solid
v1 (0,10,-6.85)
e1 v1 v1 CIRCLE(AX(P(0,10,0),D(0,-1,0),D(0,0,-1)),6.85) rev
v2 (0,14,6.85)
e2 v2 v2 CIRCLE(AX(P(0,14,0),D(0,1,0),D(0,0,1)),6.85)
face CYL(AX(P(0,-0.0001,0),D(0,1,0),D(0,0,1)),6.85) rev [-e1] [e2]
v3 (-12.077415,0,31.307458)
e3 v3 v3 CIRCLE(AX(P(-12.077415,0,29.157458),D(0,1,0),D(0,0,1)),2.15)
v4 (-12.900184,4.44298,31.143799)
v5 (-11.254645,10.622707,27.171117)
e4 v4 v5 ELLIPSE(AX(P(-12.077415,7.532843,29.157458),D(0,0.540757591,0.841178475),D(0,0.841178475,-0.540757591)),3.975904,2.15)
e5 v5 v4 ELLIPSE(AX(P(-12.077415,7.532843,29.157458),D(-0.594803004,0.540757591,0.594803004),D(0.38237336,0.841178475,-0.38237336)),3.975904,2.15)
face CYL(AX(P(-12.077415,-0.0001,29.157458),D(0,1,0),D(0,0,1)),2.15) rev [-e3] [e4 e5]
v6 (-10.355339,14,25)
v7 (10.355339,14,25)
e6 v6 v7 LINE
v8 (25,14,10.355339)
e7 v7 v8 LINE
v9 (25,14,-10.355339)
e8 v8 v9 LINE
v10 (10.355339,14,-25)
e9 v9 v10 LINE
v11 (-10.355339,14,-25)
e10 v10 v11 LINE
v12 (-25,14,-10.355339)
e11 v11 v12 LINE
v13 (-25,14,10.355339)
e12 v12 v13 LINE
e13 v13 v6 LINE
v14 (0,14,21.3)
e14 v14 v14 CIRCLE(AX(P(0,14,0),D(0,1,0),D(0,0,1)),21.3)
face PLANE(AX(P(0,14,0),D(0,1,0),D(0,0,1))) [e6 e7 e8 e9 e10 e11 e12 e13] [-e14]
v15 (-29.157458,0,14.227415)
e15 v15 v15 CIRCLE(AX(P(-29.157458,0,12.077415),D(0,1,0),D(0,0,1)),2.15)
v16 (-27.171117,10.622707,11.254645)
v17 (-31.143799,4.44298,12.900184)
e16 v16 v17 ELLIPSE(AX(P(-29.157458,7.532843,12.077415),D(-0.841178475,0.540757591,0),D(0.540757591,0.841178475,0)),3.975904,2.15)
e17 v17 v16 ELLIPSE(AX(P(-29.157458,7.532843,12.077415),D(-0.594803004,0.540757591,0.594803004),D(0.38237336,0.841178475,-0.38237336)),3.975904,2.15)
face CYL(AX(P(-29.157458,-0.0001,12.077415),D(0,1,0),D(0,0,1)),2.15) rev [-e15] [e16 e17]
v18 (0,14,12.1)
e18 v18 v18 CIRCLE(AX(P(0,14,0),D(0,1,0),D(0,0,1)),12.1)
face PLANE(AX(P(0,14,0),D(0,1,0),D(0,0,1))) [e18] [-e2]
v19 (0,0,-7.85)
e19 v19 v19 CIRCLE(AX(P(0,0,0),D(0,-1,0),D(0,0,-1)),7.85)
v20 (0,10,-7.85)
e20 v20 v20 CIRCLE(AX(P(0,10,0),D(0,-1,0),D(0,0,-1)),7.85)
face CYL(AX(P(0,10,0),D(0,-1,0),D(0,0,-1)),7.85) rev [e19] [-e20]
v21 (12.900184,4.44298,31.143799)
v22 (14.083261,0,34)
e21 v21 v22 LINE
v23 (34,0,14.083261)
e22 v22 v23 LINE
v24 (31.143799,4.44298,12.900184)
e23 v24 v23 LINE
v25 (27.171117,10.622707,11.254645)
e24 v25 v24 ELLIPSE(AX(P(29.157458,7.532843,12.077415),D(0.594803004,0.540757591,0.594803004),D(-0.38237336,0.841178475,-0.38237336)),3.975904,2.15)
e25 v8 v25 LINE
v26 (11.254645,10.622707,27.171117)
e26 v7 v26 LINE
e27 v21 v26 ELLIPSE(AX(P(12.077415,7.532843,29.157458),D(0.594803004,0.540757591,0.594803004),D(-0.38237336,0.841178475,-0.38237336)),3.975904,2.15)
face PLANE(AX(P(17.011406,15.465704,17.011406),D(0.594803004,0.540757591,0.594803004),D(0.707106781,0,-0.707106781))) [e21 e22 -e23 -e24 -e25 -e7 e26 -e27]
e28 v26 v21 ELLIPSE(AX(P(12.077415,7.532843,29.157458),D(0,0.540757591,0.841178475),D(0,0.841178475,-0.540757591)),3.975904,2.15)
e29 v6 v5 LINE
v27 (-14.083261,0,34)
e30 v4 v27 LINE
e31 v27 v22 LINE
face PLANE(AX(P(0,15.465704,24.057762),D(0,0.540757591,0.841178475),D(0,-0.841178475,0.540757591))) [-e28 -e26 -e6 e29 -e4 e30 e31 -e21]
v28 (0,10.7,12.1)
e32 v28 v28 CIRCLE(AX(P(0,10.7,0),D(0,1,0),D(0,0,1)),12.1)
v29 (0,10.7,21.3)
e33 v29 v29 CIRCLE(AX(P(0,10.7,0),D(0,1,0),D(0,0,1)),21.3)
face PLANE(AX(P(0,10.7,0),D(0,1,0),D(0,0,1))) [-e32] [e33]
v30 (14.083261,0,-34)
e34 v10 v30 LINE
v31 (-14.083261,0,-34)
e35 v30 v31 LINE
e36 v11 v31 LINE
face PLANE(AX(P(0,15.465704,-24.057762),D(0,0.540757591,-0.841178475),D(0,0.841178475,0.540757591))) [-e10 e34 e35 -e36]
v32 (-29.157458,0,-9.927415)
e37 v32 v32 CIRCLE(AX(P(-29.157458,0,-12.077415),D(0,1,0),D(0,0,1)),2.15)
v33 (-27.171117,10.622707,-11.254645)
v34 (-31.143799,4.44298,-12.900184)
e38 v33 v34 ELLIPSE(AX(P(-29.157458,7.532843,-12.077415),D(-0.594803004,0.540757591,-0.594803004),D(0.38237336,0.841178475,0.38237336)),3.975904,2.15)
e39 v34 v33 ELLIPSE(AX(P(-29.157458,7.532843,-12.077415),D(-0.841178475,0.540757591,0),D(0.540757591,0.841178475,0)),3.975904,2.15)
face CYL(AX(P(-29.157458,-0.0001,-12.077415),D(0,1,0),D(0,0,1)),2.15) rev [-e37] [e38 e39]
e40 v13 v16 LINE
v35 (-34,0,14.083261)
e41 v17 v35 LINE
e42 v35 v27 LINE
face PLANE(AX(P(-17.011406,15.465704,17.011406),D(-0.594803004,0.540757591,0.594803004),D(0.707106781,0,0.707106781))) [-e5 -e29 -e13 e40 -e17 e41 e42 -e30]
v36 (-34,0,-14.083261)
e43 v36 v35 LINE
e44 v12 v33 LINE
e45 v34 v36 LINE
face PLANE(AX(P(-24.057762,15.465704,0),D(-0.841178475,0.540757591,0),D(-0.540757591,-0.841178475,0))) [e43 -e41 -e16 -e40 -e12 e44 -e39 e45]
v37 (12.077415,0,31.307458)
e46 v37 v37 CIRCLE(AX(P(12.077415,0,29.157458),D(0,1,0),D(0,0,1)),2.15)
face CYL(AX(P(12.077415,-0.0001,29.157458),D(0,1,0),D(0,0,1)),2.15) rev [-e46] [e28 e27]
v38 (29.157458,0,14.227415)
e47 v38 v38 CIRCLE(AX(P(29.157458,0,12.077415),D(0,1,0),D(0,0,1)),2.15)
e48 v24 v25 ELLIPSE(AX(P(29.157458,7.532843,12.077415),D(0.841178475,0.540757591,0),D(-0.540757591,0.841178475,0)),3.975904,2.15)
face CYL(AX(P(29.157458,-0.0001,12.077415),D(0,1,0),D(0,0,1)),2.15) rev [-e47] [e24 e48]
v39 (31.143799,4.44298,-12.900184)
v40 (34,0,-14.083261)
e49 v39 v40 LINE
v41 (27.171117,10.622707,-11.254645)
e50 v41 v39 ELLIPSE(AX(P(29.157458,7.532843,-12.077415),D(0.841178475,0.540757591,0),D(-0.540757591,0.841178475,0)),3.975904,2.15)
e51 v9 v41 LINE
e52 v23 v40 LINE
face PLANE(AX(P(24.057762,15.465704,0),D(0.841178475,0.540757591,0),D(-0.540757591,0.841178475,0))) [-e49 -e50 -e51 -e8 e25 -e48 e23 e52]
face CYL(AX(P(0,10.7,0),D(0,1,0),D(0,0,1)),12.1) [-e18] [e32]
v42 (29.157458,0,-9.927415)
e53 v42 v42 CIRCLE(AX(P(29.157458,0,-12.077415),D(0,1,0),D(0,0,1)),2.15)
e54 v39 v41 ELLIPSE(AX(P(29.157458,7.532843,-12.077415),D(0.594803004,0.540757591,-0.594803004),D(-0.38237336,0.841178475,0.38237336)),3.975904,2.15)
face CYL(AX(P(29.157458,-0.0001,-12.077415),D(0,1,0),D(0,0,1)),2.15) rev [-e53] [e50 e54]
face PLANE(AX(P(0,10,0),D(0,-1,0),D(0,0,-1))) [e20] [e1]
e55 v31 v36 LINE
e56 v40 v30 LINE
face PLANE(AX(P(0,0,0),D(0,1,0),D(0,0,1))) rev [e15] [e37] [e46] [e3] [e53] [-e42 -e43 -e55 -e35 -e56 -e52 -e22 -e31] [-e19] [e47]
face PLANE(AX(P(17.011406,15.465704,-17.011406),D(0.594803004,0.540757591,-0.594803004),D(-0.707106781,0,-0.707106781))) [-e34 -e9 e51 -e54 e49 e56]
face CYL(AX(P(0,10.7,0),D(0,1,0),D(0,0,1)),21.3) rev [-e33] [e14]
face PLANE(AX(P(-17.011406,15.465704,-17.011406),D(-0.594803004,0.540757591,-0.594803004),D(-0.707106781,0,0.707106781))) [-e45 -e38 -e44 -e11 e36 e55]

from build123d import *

# Parameters (mm, degrees)
SKETCH_4_R          = 6.85
SKETCH_4_R_2        = 2.15
CUT_EXTRUDE_1_DEPTH = 51.079936266
SKETCH_6_R          = 21.3
SKETCH_6_R_2        = 12.1
CUT_EXTRUDE_3_DEPTH = 3.3
SKETCH_7_R          = 7.85
CUT_EXTRUDE_4_DEPTH = 10


with BuildPart() as part:
    # 草图3 → 放样1 section 0
    with BuildSketch(Plane(origin=(0, 14, 0), x_dir=(1, 0, 0), z_dir=(0, 1, 0))):
        with BuildLine():
            Line((25, 10.355339059), (10.355339059, 25))
            Line((10.355339059, 25), (-10.355339059, 25))
            Line((-10.355339059, 25), (-25, 10.355339059))
            Line((-25, 10.355339059), (-25, -10.355339059))
            Line((-25, -10.355339059), (-10.355339059, -25))
            Line((-10.355339059, -25), (10.355339059, -25))
            Line((10.355339059, -25), (25, -10.355339059))
            Line((25, -10.355339059), (25, 10.355339059))
        make_face()
    # 草图1 → 放样1 section 1
    with BuildSketch(Plane(origin=(0, 0, 0), x_dir=(1, 0, 0), z_dir=(0, 1, 0))):
        with BuildLine():
            Line((34, -14.083261121), (34, 14.083261121))
            Line((34, 14.083261121), (14.083261121, 34))
            Line((14.083261121, 34), (-14.083261121, 34))
            Line((-14.083261121, 34), (-34, 14.083261121))
            Line((-34, 14.083261121), (-34, -14.083261121))
            Line((-34, -14.083261121), (-14.083261121, -34))
            Line((-14.083261121, -34), (14.083261121, -34))
            Line((14.083261121, -34), (34, -14.083261121))
        make_face()
    loft()

    # 草图4 → 切除-拉伸1 (cut, through all)
    with BuildSketch(Plane(origin=(0, 14, 0), x_dir=(1, 0, 0), z_dir=(0, 1, 0))):
        with Locations(Location((0, 0, 0), (0, 0, 270))):
            Circle(SKETCH_4_R)
        with Locations(Location((-29.157457896, 12.077414505, 0), (0, 0, 270))):
            Circle(SKETCH_4_R_2)
        with Locations(Location((29.157457896, 12.077414505, 0), (0, 0, 270))):
            Circle(SKETCH_4_R_2)
        with Locations(Location((29.157457896, -12.077414505, 0), (0, 0, 270))):
            Circle(SKETCH_4_R_2)
        with Locations(Location((12.077414505, -29.157457896, 0), (0, 0, 270))):
            Circle(SKETCH_4_R_2)
        with Locations(Location((-12.077414505, -29.157457896, 0), (0, 0, 270))):
            Circle(SKETCH_4_R_2)
        with Locations(Location((-29.157457896, -12.077414505, 0), (0, 0, 270))):
            Circle(SKETCH_4_R_2)
    extrude(amount=-CUT_EXTRUDE_1_DEPTH, mode=Mode.SUBTRACT)

    # 草图6 → 切除-拉伸3 (cut)
    with BuildSketch(Plane(origin=(0, 14, 0), x_dir=(1, 0, 0), z_dir=(0, 1, 0))):
        with Locations(Location((0, 0, 0), (0, 0, 270))):
            Circle(SKETCH_6_R)
        with Locations(Location((0, 0, 0), (0, 0, 270))):
            Circle(SKETCH_6_R_2, mode=Mode.SUBTRACT)
    extrude(amount=-CUT_EXTRUDE_3_DEPTH, mode=Mode.SUBTRACT)

    # 草图7 → 切除-拉伸4 (cut)
    with BuildSketch(Plane.XZ):
        with Locations(Location((0, 0, 0), (0, 0, 270))):
            Circle(SKETCH_7_R)
    extrude(amount=-CUT_EXTRUDE_4_DEPTH, mode=Mode.SUBTRACT)


solid = part.part
